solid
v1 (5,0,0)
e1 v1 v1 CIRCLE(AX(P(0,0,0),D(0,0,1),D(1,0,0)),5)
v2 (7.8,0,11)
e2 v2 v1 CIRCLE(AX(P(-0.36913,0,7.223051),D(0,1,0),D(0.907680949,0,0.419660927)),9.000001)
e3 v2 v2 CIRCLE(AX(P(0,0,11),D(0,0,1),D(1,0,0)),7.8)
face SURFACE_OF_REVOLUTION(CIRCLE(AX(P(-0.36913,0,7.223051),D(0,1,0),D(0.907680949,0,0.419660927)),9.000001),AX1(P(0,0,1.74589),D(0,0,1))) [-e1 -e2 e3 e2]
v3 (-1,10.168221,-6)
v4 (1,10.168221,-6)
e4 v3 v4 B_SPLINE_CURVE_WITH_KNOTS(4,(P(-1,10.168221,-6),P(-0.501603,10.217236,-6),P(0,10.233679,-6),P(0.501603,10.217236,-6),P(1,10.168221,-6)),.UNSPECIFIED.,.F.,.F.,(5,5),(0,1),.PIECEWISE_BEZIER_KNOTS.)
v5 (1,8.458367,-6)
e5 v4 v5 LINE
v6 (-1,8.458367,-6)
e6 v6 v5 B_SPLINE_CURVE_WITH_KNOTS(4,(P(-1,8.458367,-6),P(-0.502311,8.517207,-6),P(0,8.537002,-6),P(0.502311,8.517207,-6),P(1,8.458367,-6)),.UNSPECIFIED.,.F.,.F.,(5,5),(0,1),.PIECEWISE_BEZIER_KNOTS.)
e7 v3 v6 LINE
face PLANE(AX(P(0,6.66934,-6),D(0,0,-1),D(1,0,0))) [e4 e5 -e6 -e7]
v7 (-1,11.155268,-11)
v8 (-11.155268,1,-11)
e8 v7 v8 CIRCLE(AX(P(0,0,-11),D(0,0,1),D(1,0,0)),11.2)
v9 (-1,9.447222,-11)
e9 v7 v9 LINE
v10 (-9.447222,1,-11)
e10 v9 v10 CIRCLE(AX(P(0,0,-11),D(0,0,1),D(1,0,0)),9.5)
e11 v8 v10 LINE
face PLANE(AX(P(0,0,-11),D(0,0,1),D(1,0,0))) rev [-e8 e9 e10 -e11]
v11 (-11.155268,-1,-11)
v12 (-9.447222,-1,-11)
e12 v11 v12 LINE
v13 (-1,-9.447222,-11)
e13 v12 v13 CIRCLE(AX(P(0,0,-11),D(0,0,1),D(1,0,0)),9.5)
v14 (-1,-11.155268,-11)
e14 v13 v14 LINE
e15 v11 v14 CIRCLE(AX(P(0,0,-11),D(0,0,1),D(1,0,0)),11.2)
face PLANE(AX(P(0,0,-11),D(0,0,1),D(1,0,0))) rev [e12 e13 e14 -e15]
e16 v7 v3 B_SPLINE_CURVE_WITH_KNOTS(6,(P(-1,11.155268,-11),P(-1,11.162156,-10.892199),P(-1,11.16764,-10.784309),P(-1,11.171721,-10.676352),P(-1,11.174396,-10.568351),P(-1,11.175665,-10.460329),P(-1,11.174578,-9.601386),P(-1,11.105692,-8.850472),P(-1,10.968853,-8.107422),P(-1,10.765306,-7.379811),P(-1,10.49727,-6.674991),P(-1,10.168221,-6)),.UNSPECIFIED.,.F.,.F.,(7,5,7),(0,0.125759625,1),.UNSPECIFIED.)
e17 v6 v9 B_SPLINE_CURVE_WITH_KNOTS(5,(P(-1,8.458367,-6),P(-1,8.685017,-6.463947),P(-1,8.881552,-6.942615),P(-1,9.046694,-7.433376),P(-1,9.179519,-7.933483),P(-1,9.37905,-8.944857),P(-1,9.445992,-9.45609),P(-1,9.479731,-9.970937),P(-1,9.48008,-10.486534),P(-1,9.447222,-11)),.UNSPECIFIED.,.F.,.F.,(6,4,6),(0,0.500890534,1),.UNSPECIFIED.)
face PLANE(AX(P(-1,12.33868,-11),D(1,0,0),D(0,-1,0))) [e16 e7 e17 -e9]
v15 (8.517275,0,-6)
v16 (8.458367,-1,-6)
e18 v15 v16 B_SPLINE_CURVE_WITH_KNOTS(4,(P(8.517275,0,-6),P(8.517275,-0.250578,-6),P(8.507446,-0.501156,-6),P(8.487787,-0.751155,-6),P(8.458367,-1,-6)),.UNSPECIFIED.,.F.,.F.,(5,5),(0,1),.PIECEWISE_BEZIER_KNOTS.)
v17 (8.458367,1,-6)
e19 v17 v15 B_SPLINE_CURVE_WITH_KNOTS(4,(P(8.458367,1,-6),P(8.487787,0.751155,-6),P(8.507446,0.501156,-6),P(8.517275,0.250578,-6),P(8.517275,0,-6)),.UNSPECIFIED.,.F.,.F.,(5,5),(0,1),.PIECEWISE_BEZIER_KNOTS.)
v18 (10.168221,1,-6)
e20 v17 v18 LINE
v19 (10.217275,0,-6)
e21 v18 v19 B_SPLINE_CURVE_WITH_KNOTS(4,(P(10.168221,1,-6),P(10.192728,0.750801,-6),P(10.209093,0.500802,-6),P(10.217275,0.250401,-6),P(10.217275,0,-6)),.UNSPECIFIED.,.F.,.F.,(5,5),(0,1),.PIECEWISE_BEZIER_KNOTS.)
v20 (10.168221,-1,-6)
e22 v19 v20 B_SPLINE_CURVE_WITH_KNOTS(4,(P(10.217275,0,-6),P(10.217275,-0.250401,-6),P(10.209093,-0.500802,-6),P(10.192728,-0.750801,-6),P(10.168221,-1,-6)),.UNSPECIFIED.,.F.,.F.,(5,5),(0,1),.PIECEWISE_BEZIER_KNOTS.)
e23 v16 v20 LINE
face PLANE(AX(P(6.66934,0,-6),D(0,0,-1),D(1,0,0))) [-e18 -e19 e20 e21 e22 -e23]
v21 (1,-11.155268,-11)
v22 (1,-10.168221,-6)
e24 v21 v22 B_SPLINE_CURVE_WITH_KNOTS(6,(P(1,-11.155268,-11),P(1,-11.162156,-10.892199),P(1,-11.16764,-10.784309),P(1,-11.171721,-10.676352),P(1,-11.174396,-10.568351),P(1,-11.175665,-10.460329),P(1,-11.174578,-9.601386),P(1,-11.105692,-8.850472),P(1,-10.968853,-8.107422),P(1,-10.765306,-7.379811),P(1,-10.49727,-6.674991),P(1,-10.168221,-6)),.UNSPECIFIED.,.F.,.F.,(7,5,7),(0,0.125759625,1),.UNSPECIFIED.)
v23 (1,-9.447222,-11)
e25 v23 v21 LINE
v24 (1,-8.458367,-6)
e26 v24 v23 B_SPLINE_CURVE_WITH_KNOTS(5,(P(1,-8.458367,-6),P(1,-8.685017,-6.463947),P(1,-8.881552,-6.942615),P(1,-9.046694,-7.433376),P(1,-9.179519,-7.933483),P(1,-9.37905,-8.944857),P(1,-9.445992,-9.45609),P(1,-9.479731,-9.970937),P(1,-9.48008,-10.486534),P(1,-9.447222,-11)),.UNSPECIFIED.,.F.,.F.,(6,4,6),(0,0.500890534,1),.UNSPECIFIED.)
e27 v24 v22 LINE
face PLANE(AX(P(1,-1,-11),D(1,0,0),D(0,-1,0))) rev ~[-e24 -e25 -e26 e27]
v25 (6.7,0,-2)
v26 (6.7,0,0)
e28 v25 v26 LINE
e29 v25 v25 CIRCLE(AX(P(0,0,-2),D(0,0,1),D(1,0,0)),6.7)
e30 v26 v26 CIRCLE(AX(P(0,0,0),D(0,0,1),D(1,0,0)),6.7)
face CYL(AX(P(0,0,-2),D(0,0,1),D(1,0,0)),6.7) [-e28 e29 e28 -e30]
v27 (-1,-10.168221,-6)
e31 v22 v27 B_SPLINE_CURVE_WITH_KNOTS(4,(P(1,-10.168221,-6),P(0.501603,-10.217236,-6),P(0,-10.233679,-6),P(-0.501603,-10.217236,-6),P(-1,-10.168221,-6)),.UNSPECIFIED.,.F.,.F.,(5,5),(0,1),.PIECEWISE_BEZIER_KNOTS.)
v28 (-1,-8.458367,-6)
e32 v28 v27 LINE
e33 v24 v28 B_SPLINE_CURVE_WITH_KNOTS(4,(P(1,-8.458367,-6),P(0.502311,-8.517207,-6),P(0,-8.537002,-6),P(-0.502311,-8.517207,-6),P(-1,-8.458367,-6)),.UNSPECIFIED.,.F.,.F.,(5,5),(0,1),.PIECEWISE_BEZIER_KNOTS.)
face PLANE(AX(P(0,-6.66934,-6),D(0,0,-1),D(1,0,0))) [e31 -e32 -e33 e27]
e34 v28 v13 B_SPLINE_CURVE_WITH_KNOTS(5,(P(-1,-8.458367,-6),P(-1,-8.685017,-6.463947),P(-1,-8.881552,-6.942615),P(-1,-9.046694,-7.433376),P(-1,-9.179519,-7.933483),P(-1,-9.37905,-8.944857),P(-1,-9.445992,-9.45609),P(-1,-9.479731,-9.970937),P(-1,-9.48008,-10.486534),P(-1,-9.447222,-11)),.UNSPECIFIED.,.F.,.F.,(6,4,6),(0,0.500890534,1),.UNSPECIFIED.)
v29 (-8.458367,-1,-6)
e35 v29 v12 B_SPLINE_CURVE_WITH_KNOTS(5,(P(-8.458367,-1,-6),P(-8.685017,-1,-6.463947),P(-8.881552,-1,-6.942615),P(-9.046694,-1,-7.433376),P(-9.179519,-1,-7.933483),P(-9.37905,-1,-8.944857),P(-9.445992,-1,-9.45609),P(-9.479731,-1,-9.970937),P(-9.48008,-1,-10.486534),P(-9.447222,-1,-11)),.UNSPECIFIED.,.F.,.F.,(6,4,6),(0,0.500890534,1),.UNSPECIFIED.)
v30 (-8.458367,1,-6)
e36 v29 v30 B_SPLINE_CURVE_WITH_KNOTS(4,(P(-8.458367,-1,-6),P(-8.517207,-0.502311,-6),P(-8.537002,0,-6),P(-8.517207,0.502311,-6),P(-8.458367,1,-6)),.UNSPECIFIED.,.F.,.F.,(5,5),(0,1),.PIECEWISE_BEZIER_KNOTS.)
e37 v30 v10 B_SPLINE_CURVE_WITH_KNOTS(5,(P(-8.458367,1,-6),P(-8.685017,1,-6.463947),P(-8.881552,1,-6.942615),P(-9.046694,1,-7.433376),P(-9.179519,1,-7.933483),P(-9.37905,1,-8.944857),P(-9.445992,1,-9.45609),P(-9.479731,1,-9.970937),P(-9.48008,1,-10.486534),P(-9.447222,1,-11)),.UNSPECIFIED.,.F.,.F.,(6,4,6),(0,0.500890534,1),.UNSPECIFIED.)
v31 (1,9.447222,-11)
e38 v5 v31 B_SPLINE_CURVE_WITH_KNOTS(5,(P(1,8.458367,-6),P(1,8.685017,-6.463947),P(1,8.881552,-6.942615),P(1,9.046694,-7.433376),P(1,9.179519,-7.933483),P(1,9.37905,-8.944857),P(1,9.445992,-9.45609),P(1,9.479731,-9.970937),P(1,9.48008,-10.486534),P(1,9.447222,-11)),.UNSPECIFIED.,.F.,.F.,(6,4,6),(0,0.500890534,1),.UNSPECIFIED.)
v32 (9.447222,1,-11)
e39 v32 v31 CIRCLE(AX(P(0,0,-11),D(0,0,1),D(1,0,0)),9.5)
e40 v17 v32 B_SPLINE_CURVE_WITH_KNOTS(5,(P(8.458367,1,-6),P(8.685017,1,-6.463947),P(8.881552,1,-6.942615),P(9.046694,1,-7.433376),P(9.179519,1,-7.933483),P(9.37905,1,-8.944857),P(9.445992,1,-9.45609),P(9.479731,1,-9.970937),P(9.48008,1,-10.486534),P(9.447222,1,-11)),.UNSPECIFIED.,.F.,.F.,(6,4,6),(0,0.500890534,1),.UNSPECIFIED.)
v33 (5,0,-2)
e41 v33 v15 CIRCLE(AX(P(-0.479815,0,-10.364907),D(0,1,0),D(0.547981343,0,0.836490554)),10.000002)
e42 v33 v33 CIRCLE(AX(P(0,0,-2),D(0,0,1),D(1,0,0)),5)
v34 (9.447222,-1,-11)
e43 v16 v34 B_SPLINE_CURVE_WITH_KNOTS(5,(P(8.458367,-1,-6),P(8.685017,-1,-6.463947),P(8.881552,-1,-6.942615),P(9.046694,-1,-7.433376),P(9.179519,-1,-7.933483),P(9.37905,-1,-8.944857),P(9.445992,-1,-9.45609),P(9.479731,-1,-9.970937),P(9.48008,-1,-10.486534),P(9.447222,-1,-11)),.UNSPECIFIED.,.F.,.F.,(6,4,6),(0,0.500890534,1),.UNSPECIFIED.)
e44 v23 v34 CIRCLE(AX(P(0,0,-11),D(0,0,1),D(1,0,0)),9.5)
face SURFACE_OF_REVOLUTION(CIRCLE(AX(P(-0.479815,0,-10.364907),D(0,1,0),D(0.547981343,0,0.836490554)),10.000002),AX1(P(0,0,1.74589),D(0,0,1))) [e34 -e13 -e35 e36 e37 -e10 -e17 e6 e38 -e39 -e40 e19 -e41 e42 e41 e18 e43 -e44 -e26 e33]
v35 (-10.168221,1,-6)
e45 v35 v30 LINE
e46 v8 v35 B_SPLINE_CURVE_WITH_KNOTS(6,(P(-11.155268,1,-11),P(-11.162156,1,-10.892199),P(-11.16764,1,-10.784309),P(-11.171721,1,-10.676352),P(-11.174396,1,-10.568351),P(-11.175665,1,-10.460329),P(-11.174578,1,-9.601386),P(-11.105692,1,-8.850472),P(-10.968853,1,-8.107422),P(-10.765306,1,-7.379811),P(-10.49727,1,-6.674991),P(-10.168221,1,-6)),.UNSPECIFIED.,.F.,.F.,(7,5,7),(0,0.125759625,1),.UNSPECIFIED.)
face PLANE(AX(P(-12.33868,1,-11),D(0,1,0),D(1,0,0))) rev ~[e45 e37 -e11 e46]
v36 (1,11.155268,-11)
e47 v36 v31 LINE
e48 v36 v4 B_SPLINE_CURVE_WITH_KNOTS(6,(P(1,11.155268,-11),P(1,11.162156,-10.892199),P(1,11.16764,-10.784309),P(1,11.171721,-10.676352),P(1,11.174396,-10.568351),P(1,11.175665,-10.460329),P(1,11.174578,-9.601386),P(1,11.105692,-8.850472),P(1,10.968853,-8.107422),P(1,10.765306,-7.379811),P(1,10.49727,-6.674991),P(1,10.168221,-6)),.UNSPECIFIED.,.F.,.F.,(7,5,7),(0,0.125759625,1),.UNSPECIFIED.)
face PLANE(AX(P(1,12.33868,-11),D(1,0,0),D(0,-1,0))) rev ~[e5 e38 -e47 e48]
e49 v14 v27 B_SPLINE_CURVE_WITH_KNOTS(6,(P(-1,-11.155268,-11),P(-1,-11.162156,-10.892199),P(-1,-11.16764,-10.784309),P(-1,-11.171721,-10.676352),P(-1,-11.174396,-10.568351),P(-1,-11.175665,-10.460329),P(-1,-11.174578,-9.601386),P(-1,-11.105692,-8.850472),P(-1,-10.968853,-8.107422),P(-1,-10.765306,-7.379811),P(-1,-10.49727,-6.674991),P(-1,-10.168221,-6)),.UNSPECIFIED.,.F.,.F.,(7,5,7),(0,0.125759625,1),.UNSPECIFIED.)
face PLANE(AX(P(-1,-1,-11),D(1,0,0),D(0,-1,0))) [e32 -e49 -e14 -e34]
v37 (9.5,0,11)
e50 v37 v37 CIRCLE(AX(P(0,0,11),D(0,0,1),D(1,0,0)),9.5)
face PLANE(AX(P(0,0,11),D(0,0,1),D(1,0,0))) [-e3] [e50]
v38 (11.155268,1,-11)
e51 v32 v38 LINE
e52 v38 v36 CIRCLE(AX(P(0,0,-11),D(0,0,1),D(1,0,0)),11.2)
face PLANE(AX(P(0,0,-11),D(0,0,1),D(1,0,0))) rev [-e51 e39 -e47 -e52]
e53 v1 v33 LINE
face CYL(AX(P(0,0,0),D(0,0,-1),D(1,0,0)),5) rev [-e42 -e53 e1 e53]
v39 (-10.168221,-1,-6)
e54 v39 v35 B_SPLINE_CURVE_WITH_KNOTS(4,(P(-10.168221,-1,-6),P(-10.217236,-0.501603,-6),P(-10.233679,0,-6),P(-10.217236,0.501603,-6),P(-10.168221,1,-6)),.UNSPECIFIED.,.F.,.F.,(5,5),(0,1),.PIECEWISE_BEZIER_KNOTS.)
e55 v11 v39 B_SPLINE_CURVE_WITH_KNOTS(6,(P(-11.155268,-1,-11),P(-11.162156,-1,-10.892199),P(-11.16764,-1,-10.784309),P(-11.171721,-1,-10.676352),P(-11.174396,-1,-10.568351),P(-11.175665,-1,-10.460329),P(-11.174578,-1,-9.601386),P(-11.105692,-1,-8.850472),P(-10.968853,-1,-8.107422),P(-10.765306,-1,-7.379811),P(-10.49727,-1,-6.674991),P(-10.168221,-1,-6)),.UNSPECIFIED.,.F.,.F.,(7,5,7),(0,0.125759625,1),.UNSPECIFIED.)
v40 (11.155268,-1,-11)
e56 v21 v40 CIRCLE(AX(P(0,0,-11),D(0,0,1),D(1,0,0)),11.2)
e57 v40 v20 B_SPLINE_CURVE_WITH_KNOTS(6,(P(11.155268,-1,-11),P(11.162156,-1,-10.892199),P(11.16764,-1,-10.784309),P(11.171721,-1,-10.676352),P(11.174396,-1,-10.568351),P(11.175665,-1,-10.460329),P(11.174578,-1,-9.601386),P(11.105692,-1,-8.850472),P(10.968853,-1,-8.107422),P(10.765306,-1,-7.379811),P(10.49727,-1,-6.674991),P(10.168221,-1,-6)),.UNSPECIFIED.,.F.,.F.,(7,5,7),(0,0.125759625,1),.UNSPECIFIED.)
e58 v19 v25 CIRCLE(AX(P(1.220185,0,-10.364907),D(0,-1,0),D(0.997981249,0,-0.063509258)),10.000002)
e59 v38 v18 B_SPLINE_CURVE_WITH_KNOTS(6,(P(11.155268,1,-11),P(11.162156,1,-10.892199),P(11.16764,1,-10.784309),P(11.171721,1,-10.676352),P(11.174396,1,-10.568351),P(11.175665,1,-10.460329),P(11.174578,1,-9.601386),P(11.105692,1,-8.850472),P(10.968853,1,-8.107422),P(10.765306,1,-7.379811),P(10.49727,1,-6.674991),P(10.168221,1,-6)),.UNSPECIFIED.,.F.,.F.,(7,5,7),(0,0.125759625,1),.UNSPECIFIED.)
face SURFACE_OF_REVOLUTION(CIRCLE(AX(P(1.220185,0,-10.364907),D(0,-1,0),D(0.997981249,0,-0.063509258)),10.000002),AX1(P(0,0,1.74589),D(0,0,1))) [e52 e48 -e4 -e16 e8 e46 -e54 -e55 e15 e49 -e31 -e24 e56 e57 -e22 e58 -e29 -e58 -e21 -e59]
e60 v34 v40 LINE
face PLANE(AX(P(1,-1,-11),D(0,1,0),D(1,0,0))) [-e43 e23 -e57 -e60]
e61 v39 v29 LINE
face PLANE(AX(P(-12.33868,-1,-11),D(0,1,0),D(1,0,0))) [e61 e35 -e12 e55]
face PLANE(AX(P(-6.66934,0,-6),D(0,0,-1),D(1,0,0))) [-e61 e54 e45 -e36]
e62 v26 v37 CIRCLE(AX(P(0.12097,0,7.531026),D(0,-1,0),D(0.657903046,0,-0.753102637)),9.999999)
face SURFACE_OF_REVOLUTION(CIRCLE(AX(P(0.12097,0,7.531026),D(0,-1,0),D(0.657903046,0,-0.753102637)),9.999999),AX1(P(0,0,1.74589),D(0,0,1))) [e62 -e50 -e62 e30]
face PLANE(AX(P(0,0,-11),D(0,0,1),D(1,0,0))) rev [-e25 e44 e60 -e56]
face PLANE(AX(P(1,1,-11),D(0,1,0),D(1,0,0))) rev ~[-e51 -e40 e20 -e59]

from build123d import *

# Parameters (mm, degrees)
F2_W     = 11.33868
F2_H     = 2
F2_W_2   = 2
F2_H_2   = 11.33868
F3_DEPTH = 5


with BuildPart() as f1:
    # F0 (on Front) → F1 (revolve)
    with BuildSketch(Plane.XZ):
        with BuildLine():
            ThreePointArc((7.8, 11), (8.352746, 5.002937), (5, 0))
            Line((5, 0), (5, -2))
            ThreePointArc((5, -2), (8.464459, -5.89277), (9.5, -11))
            Line((9.5, -11), (11.2, -11))
            ThreePointArc((11.2, -11), (10.164459, -5.89277), (6.7, -2))
            Line((6.7, -2), (6.7, 0))
            ThreePointArc((6.7, 0), (9.811941, 5.064233), (9.5, 11))
            Line((9.5, 11), (7.8, 11))
        make_face()
    revolve(axis=Axis((0, 0, 1.74589), (0, 0, 1)))

    # F2 (on face) → F3 (cut)
    with BuildSketch(Plane(origin=(0, 0, -11), x_dir=(1, 0, 0), z_dir=(0, 0, -1))):
        with Locations((-6.66934, 0)):
            Rectangle(F2_W, F2_H)
        with Locations((0, 6.66934)):
            Rectangle(F2_W_2, F2_H_2)
        with Locations((6.66934, 0)):
            Rectangle(F2_W, F2_H)
        with Locations((0, -6.66934)):
            Rectangle(F2_W_2, F2_H_2)
    extrude(amount=-F3_DEPTH, mode=Mode.SUBTRACT)


solid = f1.part
